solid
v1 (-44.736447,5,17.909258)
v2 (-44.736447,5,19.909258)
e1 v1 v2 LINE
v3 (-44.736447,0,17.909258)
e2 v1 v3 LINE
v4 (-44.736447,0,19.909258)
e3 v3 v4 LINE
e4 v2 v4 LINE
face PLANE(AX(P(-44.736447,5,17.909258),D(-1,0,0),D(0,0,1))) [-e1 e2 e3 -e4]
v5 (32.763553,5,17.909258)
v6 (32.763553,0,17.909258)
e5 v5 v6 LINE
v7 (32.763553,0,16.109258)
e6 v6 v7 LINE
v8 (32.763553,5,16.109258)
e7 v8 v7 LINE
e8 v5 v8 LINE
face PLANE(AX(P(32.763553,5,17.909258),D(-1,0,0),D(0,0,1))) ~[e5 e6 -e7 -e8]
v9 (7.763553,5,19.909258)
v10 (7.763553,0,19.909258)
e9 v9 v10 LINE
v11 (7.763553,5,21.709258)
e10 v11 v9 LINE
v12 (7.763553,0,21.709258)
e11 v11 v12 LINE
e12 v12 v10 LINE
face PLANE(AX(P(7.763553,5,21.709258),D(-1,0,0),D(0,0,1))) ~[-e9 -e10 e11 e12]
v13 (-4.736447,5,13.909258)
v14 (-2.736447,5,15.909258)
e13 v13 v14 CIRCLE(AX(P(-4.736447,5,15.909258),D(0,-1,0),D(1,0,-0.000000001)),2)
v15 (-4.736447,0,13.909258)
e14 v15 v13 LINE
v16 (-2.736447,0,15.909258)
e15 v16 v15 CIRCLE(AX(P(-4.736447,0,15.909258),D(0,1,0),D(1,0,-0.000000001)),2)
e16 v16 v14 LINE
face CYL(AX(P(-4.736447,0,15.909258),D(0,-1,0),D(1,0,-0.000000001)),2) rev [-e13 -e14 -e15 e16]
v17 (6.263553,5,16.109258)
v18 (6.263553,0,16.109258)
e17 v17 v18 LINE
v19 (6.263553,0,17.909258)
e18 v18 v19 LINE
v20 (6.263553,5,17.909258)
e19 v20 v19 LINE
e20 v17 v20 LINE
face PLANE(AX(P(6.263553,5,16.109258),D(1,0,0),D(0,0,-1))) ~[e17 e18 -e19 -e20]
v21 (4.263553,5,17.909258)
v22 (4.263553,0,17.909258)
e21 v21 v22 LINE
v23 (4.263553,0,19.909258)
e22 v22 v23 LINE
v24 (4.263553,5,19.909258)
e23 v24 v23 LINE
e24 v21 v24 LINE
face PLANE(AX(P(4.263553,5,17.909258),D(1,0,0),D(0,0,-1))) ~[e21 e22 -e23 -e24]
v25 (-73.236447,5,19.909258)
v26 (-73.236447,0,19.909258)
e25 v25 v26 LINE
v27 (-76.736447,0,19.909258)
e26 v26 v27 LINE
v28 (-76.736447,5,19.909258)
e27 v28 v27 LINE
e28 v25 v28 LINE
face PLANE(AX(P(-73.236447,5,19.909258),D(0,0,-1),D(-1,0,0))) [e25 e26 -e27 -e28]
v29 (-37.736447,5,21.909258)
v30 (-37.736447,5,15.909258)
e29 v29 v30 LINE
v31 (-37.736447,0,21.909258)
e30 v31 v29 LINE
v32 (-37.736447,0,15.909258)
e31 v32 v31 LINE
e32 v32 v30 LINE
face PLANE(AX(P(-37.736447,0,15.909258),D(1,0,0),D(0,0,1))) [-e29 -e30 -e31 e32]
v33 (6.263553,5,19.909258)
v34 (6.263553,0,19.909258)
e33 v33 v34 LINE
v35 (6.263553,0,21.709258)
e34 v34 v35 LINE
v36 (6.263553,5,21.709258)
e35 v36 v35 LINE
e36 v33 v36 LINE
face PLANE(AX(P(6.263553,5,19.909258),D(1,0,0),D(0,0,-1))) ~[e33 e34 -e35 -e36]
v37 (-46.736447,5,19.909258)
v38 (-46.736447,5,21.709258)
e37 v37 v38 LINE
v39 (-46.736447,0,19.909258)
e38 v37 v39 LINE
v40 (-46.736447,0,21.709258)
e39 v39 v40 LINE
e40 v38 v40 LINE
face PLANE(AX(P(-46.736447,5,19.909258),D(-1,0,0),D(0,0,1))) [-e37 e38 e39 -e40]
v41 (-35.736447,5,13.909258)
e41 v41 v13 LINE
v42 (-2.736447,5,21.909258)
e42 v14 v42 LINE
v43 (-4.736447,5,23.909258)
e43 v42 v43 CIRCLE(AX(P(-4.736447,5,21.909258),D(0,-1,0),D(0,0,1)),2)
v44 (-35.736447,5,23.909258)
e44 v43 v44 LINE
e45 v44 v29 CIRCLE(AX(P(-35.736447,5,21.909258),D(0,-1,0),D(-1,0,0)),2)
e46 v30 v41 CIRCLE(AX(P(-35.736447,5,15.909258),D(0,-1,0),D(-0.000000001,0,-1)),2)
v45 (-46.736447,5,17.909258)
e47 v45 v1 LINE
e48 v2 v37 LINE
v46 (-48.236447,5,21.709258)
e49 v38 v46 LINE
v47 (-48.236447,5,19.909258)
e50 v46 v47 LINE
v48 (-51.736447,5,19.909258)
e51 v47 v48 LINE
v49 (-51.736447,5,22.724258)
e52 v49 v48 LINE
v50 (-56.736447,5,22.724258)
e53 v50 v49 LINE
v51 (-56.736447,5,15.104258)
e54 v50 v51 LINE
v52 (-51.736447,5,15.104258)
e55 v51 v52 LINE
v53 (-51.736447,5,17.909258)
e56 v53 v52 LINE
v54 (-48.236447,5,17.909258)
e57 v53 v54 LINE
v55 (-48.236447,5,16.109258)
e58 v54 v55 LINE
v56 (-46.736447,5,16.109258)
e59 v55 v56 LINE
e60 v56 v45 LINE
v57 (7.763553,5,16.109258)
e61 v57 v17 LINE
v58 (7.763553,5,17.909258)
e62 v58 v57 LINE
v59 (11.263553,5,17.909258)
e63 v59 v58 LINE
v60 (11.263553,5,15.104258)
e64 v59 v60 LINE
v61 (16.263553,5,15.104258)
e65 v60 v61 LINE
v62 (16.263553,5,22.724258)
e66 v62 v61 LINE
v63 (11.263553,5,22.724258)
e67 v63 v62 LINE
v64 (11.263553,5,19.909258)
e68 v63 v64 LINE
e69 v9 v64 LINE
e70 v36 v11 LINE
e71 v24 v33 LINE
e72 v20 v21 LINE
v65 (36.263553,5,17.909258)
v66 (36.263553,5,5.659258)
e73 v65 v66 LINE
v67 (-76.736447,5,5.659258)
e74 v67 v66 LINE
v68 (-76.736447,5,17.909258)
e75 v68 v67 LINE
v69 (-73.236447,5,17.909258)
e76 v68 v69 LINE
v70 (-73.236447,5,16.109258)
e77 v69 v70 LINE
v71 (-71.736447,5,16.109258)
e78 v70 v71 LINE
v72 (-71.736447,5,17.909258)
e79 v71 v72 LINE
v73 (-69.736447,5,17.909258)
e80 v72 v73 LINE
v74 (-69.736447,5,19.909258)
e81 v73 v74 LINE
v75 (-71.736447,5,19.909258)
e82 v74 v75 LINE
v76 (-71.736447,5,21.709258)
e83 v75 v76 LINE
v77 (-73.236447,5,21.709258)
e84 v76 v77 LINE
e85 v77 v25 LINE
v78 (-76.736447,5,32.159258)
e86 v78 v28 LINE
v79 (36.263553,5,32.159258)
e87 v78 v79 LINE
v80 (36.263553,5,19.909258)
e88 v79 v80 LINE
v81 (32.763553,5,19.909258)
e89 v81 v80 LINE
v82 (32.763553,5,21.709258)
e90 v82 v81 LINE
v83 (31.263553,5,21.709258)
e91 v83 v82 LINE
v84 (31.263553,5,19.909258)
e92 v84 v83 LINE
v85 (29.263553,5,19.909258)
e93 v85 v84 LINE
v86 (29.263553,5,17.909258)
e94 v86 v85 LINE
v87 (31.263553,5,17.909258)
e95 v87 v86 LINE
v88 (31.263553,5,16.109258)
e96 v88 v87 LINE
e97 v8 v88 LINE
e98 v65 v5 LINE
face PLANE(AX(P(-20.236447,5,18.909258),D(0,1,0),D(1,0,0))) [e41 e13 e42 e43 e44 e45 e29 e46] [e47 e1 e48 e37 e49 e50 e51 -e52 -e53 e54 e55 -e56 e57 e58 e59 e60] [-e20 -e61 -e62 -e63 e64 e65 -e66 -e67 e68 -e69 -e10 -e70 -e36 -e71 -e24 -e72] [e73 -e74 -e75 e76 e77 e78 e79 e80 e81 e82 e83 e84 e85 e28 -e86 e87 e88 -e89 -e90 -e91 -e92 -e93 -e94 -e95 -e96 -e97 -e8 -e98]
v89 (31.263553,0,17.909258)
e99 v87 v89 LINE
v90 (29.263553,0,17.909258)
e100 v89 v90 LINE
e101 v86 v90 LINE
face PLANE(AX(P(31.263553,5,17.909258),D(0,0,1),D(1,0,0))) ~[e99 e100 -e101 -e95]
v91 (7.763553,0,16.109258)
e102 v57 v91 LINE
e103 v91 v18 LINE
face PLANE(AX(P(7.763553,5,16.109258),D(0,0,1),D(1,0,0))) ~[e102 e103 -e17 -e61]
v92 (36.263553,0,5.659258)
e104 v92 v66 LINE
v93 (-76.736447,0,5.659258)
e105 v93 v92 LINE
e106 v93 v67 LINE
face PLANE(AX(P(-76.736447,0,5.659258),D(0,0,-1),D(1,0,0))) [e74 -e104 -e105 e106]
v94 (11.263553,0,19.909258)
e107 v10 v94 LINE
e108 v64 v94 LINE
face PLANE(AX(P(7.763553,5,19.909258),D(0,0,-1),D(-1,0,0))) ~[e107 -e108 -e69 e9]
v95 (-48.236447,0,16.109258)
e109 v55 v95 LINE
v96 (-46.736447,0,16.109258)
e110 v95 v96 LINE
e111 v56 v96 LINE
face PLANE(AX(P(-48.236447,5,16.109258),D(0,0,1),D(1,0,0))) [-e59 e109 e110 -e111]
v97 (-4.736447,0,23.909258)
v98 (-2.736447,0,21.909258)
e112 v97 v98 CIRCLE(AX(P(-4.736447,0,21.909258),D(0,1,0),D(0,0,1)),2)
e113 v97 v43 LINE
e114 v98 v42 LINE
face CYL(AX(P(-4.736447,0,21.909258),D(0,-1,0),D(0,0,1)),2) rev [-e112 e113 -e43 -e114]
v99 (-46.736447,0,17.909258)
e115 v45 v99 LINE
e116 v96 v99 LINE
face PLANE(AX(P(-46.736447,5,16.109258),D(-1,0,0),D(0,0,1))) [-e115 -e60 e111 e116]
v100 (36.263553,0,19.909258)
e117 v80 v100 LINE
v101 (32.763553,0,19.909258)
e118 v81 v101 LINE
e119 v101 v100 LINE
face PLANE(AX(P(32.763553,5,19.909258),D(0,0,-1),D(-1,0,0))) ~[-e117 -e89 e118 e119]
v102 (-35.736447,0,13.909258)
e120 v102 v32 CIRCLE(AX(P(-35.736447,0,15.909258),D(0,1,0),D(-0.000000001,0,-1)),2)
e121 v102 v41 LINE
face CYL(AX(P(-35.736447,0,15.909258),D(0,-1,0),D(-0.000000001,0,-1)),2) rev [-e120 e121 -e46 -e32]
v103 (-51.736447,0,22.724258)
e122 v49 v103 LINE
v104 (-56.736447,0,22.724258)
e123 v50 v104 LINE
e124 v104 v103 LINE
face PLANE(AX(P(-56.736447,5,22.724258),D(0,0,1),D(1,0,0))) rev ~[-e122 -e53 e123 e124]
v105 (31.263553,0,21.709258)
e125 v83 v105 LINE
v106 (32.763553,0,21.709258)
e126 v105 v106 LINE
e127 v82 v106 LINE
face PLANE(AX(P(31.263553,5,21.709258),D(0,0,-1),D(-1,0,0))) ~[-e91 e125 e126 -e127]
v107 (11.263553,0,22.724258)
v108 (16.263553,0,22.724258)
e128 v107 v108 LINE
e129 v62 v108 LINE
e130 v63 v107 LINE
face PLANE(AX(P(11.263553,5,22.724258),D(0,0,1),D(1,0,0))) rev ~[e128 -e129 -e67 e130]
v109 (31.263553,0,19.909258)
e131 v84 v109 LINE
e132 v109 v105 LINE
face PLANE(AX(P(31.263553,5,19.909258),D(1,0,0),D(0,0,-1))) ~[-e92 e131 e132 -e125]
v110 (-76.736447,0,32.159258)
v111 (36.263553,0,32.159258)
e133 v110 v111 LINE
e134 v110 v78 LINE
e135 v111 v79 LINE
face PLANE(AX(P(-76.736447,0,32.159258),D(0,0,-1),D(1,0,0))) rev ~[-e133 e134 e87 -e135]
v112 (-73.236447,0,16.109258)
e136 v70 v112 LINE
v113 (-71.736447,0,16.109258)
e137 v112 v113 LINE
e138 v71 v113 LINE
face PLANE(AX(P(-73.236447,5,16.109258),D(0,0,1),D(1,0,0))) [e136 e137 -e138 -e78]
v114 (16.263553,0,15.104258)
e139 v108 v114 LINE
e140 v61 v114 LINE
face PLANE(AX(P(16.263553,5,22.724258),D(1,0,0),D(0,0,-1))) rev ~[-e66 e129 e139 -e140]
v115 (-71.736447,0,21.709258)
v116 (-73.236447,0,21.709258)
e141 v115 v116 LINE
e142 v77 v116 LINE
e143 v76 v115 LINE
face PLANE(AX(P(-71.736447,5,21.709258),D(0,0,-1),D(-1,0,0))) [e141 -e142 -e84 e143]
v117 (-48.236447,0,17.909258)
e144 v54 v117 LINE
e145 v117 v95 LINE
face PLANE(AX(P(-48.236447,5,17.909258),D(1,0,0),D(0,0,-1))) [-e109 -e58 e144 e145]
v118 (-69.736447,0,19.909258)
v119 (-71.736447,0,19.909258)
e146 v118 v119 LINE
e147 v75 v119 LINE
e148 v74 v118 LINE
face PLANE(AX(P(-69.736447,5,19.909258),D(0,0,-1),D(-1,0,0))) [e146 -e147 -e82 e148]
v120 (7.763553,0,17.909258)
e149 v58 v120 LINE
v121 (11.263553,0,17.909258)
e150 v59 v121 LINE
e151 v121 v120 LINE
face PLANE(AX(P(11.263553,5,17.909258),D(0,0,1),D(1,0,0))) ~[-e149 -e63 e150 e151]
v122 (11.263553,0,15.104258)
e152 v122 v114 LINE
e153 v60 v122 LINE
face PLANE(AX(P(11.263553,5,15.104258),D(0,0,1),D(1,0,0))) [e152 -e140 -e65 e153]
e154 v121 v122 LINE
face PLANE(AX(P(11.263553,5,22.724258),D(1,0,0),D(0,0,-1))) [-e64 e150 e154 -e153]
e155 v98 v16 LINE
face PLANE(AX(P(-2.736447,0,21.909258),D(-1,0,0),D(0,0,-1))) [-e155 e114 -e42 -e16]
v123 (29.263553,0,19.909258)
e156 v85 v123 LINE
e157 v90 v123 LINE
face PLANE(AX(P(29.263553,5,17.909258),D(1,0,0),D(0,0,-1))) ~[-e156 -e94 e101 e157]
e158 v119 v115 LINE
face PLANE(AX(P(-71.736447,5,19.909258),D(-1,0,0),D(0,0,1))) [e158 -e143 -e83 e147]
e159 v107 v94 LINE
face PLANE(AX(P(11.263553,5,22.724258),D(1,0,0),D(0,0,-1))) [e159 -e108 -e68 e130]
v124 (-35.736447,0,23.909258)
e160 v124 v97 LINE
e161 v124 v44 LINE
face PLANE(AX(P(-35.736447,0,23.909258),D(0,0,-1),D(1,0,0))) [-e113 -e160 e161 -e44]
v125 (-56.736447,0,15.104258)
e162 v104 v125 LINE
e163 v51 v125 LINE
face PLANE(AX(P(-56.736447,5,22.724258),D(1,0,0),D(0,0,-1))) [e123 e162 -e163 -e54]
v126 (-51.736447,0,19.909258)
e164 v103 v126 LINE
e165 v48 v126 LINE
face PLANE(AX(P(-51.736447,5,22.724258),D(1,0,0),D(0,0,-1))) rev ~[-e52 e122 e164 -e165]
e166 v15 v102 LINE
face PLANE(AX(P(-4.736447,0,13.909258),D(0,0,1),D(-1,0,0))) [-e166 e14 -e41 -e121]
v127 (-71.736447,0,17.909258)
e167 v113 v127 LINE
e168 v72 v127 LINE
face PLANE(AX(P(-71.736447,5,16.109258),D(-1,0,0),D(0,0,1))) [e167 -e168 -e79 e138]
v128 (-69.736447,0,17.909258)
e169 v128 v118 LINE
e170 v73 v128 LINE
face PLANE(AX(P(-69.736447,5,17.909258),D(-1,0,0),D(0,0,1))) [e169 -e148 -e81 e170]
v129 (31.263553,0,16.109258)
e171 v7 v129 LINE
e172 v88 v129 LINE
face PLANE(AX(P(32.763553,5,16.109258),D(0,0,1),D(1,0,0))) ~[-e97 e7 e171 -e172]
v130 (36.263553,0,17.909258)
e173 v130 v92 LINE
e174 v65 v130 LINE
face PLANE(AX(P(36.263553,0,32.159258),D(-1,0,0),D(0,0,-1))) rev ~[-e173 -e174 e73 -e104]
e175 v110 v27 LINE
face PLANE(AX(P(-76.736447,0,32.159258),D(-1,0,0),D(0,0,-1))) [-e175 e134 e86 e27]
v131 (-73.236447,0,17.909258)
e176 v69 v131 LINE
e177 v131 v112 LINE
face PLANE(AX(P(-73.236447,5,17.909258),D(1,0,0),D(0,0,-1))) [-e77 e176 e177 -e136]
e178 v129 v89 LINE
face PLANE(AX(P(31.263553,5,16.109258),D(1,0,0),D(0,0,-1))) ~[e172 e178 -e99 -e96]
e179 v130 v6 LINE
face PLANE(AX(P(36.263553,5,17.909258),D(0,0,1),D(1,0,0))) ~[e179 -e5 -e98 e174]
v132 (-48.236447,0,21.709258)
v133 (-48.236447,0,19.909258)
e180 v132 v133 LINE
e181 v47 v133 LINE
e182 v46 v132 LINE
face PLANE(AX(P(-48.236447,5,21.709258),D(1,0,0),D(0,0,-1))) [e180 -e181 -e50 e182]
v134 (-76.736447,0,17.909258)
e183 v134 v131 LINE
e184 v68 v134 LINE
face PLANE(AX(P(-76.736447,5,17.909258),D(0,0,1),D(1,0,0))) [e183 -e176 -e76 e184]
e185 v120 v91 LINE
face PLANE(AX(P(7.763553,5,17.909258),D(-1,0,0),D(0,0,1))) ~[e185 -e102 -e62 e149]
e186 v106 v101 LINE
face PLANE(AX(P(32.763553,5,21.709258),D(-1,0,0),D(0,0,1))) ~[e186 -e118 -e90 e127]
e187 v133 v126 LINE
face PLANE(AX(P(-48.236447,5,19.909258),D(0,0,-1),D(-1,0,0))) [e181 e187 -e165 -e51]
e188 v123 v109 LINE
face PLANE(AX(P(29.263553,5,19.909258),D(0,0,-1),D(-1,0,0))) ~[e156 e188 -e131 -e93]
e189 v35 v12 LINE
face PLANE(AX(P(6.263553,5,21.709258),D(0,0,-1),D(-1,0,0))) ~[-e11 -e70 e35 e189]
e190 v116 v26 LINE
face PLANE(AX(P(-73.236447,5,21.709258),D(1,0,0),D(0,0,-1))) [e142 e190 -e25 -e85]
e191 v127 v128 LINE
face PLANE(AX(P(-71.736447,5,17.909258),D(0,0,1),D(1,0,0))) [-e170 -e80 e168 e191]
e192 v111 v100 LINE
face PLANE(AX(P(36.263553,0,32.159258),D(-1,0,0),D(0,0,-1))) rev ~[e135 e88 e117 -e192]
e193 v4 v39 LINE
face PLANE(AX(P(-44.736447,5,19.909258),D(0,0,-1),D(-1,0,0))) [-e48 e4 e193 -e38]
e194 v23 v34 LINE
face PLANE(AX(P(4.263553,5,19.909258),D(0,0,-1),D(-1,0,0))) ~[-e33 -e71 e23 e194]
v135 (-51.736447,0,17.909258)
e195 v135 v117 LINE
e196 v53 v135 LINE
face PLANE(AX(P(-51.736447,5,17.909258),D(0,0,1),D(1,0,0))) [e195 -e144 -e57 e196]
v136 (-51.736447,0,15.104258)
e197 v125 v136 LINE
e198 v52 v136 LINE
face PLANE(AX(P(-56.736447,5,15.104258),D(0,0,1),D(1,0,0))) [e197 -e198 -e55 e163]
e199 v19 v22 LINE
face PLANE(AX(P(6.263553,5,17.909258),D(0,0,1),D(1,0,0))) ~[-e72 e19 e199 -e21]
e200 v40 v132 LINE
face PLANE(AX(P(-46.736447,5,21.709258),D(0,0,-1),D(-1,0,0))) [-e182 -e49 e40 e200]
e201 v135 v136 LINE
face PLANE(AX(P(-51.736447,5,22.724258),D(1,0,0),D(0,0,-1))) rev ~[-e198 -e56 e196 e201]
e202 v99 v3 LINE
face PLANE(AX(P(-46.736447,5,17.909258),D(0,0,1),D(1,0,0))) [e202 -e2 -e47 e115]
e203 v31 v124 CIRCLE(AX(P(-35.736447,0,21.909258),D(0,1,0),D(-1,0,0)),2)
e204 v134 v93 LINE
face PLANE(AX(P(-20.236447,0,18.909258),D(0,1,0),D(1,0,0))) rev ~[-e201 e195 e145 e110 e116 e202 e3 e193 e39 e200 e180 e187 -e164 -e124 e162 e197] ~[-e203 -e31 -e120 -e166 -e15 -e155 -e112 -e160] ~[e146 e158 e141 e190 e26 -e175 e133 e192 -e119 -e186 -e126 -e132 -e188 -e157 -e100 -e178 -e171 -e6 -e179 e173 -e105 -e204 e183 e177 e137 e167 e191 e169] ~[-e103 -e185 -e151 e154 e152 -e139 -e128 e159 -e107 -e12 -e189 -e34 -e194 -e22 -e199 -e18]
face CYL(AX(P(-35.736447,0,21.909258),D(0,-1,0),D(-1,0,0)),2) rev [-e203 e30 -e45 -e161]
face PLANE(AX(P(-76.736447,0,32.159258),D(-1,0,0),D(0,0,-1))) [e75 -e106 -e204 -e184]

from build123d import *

# Parameters (mm, degrees)
ESBO_O1_W                = 113
ESBO_O1_H                = 26.5
RESSALTO_EXTRUS_O1_DEPTH = 5
ESBO_O2_W                = 5
ESBO_O2_H                = 7.62
CORTE_EXTRUS_O1_DEPTH    = 5
CORTE_EXTRUS_O2_DEPTH    = 5
CORTE_EXTRUS_O3_DEPTH    = 10


with BuildPart() as part:
    # Esboço1 → Ressalto-extrusão1 (new body)
    with BuildSketch(Plane(origin=(0, 0, 0), x_dir=(1, 0, 0), z_dir=(0, 1, 0))):
        with Locations((-20.23644711, -18.909257917)):
            Rectangle(ESBO_O1_W, ESBO_O1_H)
    extrude(amount=RESSALTO_EXTRUS_O1_DEPTH)

    # Esboço2 → Corte-extrusão1 (cut)
    with BuildSketch(Plane(origin=(0, 5, 0), x_dir=(1, 0, 0), z_dir=(0, 1, 0))):
        with Locations((13.76355289, -18.914257917)):
            Rectangle(ESBO_O2_W, ESBO_O2_H)
        with Locations((-54.23644711, -18.914257917)):
            Rectangle(ESBO_O2_W, ESBO_O2_H)
    extrude(amount=-CORTE_EXTRUS_O1_DEPTH, mode=Mode.SUBTRACT)

    # Esboço3 → Corte-extrusão2 (cut)
    with BuildSketch(Plane(origin=(0, 5, 0), x_dir=(1, 0, 0), z_dir=(0, 1, 0))):
        Polygon((-76.73644711, -17.909257917), (-73.23644711, -17.909257917), (-73.23644711, -16.109257917), (-71.73644711, -16.109257917), (-71.73644711, -17.909257917), (-69.73644711, -17.909257917), (-69.73644711, -19.909257917), (-71.73644711, -19.909257917), (-71.73644711, -21.709257917), (-73.23644711, -21.709257917), (-73.23644711, -19.909257917), (-76.73644711, -19.909257917), align=None)
        Polygon((-51.73644711, -17.909257917), (-48.23644711, -17.909257917), (-48.23644711, -16.109257917), (-46.73644711, -16.109257917), (-46.73644711, -17.909257917), (-44.73644711, -17.909257917), (-44.73644711, -19.909257917), (-46.73644711, -19.909257917), (-46.73644711, -21.709257917), (-48.23644711, -21.709257917), (-48.23644711, -19.909257917), (-51.73644711, -19.909257917), align=None)
    corte_extrus_o2 = extrude(amount=-CORTE_EXTRUS_O2_DEPTH, mode=Mode.SUBTRACT)

    # Espelhar1: Corte-extrusão2 across plane
    add(corte_extrus_o2.mirror(Plane.ZY.offset(20.23644711)), mode=Mode.SUBTRACT)

    # Esboço4 → Corte-extrusão3 (cut)
    with BuildSketch(Plane.XZ):
        with BuildLine():
            Line((-4.73644711, 13.909257917), (-35.73644711, 13.909257917))
            ThreePointArc((-35.73644711, 13.909257917), (-37.150660672, 14.495044355), (-37.73644711, 15.909257917))
            Line((-37.73644711, 15.909257917), (-37.73644711, 21.909257917))
            ThreePointArc((-37.73644711, 21.909257917), (-37.150660672, 23.32347148), (-35.73644711, 23.909257917))
            Line((-35.73644711, 23.909257917), (-4.73644711, 23.909257917))
            ThreePointArc((-4.73644711, 23.909257917), (-3.322233548, 23.32347148), (-2.73644711, 21.909257917))
            Line((-2.73644711, 21.909257917), (-2.73644711, 15.909257917))
            ThreePointArc((-2.73644711, 15.909257917), (-3.322233548, 14.495044355), (-4.73644711, 13.909257917))
        make_face()
    extrude(amount=-CORTE_EXTRUS_O3_DEPTH, mode=Mode.SUBTRACT)


solid = part.part
